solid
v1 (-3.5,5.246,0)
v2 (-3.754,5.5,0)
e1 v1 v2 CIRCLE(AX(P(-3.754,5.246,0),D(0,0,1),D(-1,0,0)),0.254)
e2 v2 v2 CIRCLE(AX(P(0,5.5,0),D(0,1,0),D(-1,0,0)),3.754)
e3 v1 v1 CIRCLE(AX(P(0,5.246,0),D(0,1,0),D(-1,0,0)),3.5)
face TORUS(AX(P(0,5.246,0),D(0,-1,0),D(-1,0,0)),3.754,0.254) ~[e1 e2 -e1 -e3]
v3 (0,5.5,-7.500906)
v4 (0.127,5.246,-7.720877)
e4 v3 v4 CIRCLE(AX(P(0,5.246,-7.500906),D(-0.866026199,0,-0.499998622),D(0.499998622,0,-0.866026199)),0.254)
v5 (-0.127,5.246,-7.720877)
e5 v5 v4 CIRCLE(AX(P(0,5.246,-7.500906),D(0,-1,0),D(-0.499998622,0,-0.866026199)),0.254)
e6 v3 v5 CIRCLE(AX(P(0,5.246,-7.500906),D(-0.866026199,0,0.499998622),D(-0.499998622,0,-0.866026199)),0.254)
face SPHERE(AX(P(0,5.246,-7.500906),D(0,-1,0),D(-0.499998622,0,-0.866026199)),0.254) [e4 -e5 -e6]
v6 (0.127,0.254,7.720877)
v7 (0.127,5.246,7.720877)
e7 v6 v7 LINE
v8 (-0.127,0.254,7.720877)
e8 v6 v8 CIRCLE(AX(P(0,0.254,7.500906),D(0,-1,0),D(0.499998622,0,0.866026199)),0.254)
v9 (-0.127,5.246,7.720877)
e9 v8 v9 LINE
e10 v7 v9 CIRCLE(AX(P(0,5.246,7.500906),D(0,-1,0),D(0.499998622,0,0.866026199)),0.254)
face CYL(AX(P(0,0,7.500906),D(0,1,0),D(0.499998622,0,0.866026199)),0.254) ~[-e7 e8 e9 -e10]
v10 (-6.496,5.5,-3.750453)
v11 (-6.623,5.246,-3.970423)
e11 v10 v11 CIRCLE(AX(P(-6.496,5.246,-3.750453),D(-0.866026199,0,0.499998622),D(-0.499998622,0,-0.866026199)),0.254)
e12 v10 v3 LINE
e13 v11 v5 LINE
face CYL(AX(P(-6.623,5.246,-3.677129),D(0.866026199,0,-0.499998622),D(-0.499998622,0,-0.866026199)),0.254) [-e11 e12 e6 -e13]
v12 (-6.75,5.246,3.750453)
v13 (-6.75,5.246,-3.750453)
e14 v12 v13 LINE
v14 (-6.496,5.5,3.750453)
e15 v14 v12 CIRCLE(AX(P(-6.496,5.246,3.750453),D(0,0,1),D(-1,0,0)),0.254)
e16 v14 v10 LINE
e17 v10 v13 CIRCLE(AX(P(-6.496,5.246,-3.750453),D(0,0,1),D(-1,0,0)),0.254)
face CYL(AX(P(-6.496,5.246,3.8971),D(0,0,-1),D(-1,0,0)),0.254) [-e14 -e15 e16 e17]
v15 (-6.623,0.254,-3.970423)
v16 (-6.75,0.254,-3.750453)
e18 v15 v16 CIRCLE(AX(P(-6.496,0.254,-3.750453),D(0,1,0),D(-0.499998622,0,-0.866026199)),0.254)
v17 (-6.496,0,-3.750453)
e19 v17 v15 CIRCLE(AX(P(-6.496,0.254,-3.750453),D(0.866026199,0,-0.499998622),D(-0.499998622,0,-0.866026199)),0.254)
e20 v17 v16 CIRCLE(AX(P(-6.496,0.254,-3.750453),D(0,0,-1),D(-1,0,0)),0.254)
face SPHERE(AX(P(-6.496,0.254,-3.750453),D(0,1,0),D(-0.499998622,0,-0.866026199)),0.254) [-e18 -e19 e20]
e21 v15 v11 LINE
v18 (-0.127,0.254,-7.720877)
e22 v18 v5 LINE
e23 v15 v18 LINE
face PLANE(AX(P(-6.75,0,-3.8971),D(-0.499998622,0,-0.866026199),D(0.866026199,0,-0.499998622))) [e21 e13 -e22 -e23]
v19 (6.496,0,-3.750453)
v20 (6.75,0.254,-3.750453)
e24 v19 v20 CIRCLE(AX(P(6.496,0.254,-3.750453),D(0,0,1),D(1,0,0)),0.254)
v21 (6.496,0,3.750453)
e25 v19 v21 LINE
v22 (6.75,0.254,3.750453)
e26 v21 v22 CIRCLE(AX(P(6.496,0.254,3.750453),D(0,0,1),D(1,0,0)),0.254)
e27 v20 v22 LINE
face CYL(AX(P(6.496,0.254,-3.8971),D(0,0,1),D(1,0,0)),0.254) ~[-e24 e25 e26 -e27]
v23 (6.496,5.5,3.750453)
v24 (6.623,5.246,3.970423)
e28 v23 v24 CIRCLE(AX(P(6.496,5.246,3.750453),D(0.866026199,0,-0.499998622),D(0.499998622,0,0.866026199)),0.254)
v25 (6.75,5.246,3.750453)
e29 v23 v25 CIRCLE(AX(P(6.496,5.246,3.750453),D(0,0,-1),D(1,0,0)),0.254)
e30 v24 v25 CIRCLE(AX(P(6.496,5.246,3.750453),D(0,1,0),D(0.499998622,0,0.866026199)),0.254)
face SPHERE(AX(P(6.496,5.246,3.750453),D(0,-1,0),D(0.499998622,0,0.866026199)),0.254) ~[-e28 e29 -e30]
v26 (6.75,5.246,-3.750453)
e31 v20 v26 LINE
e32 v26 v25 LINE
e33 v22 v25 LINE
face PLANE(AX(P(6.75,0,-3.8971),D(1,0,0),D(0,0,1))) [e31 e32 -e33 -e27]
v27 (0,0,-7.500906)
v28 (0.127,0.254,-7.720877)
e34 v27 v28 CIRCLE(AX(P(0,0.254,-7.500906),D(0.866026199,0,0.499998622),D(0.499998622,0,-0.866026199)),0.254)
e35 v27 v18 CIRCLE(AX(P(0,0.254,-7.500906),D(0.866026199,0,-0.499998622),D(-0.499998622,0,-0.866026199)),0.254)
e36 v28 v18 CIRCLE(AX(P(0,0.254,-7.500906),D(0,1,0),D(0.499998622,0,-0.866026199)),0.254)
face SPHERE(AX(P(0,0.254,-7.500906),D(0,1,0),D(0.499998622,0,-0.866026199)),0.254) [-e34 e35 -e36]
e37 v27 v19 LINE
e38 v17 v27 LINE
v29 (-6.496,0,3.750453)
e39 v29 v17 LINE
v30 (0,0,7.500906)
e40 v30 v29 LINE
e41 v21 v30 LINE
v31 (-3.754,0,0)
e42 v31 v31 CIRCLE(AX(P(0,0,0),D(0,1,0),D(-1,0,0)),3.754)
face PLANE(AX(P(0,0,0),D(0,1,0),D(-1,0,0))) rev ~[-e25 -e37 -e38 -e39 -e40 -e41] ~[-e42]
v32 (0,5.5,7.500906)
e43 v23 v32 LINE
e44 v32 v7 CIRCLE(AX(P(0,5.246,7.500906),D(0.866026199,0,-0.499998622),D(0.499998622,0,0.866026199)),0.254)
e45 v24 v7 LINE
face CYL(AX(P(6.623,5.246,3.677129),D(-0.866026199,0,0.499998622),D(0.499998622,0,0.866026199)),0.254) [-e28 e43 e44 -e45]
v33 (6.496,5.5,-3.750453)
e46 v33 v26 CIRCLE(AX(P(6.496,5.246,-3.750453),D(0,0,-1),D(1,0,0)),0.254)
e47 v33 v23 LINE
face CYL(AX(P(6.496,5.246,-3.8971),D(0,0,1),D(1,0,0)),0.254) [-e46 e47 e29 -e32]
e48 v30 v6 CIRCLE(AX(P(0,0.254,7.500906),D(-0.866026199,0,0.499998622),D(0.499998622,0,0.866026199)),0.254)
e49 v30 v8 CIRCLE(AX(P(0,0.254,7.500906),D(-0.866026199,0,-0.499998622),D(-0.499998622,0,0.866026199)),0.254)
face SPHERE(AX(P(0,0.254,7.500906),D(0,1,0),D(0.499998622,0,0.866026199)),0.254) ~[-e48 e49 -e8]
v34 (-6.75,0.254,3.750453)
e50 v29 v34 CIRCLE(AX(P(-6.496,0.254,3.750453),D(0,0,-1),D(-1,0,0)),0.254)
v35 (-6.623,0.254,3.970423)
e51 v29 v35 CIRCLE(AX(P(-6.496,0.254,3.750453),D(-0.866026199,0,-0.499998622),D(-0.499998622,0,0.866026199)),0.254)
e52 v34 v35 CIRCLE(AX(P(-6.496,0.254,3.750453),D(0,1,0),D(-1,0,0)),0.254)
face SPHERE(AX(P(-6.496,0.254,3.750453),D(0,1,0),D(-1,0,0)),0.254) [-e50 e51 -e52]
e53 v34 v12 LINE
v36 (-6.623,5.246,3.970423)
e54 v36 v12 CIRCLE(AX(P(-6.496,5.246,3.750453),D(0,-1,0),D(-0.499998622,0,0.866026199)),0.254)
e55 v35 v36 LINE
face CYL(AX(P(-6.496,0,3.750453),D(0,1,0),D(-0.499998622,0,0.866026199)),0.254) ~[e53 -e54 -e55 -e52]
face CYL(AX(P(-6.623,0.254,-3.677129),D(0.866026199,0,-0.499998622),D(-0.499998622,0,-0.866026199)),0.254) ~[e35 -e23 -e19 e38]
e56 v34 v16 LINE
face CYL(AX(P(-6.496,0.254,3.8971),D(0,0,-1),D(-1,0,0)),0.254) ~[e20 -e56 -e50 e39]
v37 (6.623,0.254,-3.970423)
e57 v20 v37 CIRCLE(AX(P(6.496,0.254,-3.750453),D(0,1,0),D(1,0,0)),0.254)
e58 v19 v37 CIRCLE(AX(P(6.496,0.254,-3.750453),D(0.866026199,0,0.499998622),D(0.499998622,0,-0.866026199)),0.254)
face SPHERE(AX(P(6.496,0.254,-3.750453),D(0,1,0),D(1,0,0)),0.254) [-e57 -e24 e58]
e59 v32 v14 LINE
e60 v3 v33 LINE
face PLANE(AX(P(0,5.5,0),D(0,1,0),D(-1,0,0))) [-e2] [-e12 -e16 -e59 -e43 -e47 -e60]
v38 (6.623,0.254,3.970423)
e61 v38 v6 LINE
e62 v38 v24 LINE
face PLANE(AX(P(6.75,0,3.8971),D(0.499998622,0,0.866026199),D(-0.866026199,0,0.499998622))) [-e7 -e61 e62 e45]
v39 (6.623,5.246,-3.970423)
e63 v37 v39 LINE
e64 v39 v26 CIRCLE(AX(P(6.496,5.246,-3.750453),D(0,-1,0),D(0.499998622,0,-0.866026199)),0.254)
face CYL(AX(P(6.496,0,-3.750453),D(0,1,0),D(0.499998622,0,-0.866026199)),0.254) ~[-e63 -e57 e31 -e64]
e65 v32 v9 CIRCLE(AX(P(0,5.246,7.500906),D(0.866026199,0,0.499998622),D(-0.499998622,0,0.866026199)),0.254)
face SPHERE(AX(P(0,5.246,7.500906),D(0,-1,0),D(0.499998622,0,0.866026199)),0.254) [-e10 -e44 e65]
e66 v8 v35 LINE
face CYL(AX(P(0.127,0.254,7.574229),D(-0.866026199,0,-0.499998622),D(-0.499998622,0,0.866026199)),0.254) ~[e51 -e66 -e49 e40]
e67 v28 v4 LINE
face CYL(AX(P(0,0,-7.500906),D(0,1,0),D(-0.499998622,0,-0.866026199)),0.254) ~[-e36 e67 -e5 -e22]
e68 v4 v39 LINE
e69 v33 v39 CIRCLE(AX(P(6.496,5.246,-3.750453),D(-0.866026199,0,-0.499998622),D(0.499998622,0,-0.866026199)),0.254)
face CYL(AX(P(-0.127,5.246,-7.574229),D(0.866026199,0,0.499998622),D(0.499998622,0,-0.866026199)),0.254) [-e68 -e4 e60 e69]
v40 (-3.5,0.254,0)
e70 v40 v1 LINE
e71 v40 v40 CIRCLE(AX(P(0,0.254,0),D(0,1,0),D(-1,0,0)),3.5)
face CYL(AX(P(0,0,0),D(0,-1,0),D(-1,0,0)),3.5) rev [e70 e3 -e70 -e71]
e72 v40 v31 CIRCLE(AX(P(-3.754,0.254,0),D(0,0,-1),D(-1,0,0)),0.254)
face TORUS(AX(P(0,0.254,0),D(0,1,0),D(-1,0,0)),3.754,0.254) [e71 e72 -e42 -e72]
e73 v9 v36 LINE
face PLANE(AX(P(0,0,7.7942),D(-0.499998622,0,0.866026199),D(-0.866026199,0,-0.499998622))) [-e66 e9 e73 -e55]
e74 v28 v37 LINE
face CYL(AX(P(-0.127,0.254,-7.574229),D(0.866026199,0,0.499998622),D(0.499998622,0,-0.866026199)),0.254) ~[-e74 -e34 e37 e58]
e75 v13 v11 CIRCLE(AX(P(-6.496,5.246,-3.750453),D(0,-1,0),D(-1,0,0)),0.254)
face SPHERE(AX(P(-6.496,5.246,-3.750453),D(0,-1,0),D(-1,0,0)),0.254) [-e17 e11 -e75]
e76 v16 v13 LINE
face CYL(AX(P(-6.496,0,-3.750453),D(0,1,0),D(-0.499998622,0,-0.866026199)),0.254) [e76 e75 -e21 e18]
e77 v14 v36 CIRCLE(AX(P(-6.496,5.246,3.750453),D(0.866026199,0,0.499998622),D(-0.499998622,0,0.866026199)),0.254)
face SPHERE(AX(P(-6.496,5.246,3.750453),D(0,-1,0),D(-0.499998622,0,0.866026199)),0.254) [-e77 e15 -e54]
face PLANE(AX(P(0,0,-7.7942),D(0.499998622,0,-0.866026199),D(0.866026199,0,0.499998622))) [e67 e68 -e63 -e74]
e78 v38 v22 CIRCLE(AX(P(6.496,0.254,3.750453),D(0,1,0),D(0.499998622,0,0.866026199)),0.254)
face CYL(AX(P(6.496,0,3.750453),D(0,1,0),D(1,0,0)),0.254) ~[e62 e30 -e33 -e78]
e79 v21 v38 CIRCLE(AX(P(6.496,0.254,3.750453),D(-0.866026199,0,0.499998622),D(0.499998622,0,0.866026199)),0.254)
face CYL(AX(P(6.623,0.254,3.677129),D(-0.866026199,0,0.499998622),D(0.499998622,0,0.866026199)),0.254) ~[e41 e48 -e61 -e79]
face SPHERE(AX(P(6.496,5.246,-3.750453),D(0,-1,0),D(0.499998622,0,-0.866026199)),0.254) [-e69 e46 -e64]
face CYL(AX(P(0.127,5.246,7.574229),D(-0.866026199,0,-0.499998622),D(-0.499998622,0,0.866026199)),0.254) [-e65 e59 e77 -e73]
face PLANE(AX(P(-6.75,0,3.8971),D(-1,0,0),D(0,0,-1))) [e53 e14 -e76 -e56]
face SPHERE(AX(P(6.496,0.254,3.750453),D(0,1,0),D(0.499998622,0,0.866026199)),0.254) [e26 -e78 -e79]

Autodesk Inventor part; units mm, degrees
ref_plane "YZ Plane" through (0, 0, 0) normal (1, 0, 0) x (0, 1, 0)
ref_plane "XZ Plane" through (0, 0, 0) normal (0, 1, 0) x (-1, 0, 0)
ref_plane "XY Plane" through (0, 0, 0) normal (0, 0, 1) x (1, 0, 0)
sketch "Sketch1" plane through (0, 0, 0) normal (0, 1, 0) x (-1, 0, 0)
  line L0 (6.75, -3.8971) -> (0, -7.7942)
  line L1 (0, -7.7942) -> (-6.75, -3.8971)
  line L2 (-6.75, -3.8971) -> (-6.75, 3.8971)
  line L3 (-6.75, 3.8971) -> (0, 7.7942)
  line L4 (0, 7.7942) -> (6.75, 3.8971)
  line L5 (6.75, 3.8971) -> (6.75, -3.8971)
  circle A0 centre (0, 0) radius 3.5
  point P0 (-6.75, 0)
  point P1 (6.75, 0)
  dimension "d0" = 13.5
  dimension "d1" = 7
extrude "Extrusion1" add sketch "Sketch1" along normal blind 5.5
fillet "Fillet1" radius 0.254 20 edges at (3.375, 5.5, 5.8457) (-3.375, 5.5, 5.8457) (-6.75, 5.5, 0) (-3.375, 5.5, -5.8457) (3.375, 5.5, -5.8457) (6.75, 5.5, 0) (3.5, 5.5, 0) (3.5, 0, 0) (3.375, 0, 5.8457) (6.75, 0, 0) (3.375, 0, -5.8457) (-3.375, 0, -5.8457) (-6.75, 0, 0) (-3.375, 0, 5.8457) (6.75, 2.75, 3.8971) (6.75, 2.75, -3.8971) (0, 2.75, -7.7942) (-6.75, 2.75, -3.8971) (-6.75, 2.75, 3.8971) (0, 2.75, 7.7942)
properties part number "Threaded Rod Nut" material "Steel, Mild"
